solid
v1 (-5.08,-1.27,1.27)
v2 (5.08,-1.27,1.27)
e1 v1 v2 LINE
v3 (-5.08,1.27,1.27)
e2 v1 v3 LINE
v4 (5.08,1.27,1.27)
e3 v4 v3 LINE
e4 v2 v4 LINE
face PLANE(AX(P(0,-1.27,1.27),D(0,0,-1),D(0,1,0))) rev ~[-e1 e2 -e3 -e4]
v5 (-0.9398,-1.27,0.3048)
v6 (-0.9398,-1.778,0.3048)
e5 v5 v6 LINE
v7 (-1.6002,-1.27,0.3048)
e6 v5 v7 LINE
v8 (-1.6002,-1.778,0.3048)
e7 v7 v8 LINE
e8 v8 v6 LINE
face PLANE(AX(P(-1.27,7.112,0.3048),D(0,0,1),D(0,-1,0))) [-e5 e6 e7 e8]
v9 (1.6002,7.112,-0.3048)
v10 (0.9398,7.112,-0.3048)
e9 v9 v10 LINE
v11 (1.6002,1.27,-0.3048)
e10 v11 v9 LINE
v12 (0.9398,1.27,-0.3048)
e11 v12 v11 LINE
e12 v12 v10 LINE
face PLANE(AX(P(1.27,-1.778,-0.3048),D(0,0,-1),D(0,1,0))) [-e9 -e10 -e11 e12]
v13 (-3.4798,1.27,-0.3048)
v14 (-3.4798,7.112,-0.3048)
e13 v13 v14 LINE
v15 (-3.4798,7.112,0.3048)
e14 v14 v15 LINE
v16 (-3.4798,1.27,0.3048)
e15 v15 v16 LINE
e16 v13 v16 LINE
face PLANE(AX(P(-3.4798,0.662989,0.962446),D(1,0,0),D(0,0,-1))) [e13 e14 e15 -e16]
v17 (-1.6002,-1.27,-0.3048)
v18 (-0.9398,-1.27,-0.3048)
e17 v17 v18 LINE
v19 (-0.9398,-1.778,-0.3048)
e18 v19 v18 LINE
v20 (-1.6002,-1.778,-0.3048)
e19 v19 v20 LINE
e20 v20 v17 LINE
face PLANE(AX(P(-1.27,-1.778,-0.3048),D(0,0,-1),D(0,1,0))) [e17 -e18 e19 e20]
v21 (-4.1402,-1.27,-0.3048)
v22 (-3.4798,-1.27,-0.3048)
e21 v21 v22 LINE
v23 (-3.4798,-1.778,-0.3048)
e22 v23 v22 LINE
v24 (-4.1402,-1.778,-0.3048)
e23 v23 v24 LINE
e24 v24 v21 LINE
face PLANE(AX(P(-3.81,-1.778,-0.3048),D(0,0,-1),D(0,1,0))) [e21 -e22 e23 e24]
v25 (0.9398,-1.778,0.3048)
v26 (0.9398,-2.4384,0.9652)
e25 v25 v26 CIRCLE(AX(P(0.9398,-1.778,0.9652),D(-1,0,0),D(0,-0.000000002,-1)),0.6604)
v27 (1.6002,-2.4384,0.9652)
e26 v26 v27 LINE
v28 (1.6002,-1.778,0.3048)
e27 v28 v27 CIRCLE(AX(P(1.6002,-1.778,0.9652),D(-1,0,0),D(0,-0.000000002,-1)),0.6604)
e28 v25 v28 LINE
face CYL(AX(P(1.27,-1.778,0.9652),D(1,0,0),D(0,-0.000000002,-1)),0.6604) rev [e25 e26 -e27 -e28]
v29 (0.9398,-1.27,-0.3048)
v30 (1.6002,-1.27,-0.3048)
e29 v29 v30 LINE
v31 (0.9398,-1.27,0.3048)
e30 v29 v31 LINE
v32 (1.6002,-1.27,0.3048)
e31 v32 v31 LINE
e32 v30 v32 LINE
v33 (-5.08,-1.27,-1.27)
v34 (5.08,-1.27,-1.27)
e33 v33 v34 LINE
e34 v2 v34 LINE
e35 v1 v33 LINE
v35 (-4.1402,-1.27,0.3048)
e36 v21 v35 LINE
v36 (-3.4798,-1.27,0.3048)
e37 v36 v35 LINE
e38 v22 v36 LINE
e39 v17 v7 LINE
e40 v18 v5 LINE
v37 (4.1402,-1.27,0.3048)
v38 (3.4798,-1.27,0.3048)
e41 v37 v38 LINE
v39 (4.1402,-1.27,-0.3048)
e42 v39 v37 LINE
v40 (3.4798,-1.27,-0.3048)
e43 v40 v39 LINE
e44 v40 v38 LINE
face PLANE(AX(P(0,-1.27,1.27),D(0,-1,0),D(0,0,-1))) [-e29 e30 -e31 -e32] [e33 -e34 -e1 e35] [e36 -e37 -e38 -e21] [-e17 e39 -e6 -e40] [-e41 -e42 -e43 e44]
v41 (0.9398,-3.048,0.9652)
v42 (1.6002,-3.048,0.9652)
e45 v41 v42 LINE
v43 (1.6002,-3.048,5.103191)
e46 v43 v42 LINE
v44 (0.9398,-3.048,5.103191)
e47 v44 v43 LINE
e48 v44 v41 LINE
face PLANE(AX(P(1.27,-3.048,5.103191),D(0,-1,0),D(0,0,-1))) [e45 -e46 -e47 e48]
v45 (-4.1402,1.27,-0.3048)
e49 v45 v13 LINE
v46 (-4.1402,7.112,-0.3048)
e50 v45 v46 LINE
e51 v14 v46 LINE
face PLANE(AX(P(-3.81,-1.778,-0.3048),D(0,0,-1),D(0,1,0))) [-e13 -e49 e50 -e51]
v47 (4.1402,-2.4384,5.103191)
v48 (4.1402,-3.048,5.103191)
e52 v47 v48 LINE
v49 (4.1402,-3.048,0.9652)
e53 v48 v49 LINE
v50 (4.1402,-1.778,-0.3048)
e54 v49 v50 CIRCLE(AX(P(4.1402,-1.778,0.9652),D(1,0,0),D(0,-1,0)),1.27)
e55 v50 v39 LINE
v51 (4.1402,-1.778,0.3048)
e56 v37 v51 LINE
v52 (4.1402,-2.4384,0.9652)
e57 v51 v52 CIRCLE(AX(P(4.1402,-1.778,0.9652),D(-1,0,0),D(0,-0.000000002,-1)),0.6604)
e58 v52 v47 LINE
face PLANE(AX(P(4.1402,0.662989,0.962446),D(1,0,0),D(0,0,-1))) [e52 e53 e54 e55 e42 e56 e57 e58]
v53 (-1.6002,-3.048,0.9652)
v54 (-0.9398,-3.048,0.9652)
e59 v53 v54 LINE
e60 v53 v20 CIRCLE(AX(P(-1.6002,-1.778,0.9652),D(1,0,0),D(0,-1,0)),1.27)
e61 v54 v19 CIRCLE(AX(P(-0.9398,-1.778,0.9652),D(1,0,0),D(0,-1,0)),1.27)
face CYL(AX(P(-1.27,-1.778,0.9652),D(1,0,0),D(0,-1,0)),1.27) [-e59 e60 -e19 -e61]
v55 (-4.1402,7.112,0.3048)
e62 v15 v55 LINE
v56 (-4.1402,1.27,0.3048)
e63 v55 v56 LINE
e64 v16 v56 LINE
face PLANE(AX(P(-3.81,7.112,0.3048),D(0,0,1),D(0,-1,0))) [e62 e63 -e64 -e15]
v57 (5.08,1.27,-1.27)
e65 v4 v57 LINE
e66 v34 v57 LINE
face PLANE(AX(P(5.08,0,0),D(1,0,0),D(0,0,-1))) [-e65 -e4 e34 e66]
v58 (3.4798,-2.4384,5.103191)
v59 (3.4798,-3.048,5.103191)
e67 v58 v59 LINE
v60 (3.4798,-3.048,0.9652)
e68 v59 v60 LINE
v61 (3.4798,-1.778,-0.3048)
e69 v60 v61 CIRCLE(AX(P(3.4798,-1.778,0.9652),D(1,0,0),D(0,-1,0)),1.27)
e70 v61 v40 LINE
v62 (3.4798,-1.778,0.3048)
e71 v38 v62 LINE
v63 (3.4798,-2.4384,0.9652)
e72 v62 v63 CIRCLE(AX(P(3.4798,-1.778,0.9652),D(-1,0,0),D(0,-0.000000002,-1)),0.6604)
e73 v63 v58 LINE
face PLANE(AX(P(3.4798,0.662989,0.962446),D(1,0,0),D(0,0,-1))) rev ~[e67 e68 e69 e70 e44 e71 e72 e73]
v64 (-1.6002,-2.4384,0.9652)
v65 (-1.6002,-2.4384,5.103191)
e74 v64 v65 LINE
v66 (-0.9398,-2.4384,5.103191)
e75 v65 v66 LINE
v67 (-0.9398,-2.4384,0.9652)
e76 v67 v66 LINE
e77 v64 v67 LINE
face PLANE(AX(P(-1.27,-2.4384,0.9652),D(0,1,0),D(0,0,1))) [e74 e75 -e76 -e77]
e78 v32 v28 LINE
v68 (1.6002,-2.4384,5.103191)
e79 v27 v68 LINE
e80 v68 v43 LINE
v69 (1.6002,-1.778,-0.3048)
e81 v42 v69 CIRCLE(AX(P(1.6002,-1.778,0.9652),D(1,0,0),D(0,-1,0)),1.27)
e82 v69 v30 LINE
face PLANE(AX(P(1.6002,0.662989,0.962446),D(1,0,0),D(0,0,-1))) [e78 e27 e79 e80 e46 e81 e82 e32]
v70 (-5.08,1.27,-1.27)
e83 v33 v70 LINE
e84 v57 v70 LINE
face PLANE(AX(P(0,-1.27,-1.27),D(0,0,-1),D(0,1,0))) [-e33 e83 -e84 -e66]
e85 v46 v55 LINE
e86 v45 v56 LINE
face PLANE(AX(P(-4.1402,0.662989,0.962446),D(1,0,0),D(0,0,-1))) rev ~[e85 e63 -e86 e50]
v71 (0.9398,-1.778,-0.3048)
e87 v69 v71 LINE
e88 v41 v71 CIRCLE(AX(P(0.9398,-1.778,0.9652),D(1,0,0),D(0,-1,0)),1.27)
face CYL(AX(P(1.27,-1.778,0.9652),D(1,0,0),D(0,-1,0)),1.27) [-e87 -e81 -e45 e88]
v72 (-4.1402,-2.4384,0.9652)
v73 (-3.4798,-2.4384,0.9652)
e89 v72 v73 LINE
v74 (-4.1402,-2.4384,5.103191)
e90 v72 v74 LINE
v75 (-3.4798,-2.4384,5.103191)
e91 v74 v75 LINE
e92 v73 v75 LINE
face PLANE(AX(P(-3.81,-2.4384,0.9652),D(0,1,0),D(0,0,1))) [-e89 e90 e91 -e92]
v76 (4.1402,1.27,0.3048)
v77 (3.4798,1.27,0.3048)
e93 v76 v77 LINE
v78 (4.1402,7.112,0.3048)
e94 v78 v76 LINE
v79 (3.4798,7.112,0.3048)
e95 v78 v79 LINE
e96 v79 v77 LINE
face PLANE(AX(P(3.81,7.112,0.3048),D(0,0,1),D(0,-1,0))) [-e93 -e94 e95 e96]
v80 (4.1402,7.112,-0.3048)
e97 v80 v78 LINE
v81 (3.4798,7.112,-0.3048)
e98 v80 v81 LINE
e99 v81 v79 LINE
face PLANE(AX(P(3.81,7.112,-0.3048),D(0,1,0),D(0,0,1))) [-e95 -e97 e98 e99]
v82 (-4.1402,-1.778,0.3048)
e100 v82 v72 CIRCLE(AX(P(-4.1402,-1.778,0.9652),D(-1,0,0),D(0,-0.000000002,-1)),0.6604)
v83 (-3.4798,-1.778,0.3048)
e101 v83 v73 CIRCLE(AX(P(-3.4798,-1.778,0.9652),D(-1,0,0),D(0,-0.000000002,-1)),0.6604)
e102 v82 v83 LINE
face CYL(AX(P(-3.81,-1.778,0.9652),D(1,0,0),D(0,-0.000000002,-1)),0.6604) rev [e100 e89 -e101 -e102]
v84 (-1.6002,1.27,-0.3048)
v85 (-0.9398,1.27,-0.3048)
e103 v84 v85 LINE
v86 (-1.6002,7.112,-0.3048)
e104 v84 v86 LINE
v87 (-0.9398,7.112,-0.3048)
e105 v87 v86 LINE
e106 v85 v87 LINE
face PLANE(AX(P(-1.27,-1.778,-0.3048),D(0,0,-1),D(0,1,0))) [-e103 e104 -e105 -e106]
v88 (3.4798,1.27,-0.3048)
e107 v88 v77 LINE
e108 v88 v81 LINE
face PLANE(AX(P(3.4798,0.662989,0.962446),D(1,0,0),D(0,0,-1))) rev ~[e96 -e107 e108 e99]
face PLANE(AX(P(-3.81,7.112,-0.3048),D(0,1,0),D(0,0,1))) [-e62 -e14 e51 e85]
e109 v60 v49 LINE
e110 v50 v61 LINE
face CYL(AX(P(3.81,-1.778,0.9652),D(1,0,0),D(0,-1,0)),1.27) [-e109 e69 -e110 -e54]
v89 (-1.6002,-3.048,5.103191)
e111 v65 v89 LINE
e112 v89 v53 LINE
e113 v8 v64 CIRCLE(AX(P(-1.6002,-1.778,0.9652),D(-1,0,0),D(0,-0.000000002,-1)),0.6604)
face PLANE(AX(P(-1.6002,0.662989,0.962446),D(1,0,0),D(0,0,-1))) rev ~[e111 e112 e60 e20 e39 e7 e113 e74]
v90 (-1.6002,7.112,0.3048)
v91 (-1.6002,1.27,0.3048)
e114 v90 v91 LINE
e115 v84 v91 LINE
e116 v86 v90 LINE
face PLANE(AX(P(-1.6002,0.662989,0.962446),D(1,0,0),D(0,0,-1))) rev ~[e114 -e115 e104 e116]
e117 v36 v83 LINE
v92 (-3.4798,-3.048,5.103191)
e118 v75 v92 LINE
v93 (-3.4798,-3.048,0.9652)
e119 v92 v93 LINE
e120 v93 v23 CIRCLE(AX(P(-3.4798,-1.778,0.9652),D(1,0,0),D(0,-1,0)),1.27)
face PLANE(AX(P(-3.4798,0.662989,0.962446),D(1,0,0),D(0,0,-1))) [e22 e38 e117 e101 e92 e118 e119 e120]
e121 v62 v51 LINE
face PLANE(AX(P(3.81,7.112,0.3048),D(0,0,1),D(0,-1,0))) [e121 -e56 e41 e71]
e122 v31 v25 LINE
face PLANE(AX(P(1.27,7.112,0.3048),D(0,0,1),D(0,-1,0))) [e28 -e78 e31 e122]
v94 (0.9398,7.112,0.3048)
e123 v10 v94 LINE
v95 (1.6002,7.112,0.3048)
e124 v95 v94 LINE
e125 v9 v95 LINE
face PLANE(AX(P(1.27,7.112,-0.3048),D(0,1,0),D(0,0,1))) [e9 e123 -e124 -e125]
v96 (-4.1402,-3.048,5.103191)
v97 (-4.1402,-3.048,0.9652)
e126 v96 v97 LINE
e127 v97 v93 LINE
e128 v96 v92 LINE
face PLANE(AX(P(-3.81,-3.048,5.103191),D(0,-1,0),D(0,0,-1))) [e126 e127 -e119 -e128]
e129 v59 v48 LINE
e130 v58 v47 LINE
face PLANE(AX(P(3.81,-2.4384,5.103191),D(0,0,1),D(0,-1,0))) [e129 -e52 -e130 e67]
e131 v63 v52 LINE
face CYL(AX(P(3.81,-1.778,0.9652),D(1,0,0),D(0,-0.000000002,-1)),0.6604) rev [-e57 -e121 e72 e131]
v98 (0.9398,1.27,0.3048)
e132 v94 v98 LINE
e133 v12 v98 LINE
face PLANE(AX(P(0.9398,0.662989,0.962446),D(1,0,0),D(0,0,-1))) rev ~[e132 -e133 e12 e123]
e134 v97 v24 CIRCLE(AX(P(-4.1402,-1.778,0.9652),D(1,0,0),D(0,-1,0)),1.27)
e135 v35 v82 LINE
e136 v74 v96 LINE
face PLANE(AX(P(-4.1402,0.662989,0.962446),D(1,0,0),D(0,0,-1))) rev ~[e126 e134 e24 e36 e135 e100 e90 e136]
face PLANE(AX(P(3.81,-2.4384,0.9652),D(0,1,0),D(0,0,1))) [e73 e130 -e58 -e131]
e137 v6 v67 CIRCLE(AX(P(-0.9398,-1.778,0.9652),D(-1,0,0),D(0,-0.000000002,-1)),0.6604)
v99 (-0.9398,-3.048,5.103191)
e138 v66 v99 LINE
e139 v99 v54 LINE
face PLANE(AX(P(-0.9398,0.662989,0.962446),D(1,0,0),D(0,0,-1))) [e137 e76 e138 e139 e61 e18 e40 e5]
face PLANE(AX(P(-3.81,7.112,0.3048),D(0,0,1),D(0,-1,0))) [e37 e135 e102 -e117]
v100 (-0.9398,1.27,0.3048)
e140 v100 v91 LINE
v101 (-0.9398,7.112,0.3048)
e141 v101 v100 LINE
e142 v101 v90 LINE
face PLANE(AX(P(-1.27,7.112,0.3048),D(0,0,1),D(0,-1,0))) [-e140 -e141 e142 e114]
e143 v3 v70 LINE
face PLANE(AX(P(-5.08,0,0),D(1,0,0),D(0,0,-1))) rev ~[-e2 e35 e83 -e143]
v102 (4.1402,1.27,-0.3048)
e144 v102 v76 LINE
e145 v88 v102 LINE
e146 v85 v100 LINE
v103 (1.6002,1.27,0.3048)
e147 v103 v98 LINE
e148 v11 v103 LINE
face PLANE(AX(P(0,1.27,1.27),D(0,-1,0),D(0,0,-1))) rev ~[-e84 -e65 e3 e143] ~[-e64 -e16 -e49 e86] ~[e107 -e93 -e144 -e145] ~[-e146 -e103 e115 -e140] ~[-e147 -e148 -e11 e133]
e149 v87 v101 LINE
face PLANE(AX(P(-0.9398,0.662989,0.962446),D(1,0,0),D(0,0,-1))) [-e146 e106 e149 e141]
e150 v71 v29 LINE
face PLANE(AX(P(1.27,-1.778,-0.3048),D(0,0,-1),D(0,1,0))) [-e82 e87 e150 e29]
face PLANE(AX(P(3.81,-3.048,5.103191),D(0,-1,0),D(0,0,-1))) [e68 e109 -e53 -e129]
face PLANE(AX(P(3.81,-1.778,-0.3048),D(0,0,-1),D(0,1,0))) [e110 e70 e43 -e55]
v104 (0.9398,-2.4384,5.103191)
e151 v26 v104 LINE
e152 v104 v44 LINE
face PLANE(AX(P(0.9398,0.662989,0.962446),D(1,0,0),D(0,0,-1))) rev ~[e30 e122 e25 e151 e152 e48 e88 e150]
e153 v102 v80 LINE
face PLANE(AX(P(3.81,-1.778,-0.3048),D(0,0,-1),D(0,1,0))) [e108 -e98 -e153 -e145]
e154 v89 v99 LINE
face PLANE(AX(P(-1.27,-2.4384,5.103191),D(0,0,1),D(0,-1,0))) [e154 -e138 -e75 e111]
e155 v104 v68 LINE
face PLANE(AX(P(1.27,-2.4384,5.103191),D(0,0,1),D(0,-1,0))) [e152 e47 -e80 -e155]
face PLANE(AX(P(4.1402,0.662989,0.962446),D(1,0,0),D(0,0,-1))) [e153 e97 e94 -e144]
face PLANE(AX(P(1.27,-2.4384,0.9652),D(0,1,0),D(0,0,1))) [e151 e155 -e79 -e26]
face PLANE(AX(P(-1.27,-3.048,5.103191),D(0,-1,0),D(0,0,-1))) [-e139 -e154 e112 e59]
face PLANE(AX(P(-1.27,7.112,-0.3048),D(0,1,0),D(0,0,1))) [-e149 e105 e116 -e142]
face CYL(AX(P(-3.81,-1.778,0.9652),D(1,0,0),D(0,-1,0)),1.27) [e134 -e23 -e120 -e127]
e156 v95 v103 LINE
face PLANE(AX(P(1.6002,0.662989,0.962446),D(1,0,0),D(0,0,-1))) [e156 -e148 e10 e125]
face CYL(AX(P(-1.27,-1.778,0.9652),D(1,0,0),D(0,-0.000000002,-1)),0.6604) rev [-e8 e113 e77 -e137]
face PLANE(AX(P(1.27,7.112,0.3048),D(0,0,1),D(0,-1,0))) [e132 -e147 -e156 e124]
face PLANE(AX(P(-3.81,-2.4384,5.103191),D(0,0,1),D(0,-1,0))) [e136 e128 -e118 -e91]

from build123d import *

# Parameters (mm, degrees)
SKETCH2_W           = 2.54
SKETCH2_H           = 2.54
BOSS_EXTRUDE1_DEPTH = 5.08
BOSS_EXTRUDE2_DEPTH = 0.3302
LPATTERN1_COUNT     = 4
LPATTERN1_PITCH     = 2.54


with BuildPart() as part:
    # Sketch2 → Boss-Extrude1 (new, symmetric)
    with BuildSketch(Plane(origin=(0, 0, 0), x_dir=(0, 0, -1), z_dir=(1, 0, 0))):
        Rectangle(SKETCH2_W, SKETCH2_H)
    extrude(amount=BOSS_EXTRUDE1_DEPTH, both=True)

    # Sketch3 → Boss-Extrude2 (add, symmetric)
    with BuildSketch(Plane(origin=(3.81, 0, 0), x_dir=(0, 0, -1), z_dir=(1, 0, 0))):
        with BuildLine():
            Line((-0.3048, 7.112), (-0.3048, -1.778))
            ThreePointArc((-0.3048, -1.778), (-0.498226682, -2.244973318), (-0.9652, -2.4384))
            Line((-0.9652, -2.4384), (-5.103190824, -2.4384))
            Line((-5.103190824, -2.4384), (-5.103190824, -3.048))
            Line((-5.103190824, -3.048), (-0.9652, -3.048))
            ThreePointArc((-0.9652, -3.048), (-0.067174388, -2.676025612), (0.3048, -1.778))
            Line((0.3048, -1.778), (0.3048, 7.112))
            Line((0.3048, 7.112), (-0.3048, 7.112))
        make_face()
    boss_extrude2 = extrude(amount=BOSS_EXTRUDE2_DEPTH, both=True)

    # LPattern1: Boss-Extrude2 ×4
    with Locations(*[(-i * LPATTERN1_PITCH, 0, 0) for i in range(1, LPATTERN1_COUNT)]):
        add(boss_extrude2)


solid = part.part
